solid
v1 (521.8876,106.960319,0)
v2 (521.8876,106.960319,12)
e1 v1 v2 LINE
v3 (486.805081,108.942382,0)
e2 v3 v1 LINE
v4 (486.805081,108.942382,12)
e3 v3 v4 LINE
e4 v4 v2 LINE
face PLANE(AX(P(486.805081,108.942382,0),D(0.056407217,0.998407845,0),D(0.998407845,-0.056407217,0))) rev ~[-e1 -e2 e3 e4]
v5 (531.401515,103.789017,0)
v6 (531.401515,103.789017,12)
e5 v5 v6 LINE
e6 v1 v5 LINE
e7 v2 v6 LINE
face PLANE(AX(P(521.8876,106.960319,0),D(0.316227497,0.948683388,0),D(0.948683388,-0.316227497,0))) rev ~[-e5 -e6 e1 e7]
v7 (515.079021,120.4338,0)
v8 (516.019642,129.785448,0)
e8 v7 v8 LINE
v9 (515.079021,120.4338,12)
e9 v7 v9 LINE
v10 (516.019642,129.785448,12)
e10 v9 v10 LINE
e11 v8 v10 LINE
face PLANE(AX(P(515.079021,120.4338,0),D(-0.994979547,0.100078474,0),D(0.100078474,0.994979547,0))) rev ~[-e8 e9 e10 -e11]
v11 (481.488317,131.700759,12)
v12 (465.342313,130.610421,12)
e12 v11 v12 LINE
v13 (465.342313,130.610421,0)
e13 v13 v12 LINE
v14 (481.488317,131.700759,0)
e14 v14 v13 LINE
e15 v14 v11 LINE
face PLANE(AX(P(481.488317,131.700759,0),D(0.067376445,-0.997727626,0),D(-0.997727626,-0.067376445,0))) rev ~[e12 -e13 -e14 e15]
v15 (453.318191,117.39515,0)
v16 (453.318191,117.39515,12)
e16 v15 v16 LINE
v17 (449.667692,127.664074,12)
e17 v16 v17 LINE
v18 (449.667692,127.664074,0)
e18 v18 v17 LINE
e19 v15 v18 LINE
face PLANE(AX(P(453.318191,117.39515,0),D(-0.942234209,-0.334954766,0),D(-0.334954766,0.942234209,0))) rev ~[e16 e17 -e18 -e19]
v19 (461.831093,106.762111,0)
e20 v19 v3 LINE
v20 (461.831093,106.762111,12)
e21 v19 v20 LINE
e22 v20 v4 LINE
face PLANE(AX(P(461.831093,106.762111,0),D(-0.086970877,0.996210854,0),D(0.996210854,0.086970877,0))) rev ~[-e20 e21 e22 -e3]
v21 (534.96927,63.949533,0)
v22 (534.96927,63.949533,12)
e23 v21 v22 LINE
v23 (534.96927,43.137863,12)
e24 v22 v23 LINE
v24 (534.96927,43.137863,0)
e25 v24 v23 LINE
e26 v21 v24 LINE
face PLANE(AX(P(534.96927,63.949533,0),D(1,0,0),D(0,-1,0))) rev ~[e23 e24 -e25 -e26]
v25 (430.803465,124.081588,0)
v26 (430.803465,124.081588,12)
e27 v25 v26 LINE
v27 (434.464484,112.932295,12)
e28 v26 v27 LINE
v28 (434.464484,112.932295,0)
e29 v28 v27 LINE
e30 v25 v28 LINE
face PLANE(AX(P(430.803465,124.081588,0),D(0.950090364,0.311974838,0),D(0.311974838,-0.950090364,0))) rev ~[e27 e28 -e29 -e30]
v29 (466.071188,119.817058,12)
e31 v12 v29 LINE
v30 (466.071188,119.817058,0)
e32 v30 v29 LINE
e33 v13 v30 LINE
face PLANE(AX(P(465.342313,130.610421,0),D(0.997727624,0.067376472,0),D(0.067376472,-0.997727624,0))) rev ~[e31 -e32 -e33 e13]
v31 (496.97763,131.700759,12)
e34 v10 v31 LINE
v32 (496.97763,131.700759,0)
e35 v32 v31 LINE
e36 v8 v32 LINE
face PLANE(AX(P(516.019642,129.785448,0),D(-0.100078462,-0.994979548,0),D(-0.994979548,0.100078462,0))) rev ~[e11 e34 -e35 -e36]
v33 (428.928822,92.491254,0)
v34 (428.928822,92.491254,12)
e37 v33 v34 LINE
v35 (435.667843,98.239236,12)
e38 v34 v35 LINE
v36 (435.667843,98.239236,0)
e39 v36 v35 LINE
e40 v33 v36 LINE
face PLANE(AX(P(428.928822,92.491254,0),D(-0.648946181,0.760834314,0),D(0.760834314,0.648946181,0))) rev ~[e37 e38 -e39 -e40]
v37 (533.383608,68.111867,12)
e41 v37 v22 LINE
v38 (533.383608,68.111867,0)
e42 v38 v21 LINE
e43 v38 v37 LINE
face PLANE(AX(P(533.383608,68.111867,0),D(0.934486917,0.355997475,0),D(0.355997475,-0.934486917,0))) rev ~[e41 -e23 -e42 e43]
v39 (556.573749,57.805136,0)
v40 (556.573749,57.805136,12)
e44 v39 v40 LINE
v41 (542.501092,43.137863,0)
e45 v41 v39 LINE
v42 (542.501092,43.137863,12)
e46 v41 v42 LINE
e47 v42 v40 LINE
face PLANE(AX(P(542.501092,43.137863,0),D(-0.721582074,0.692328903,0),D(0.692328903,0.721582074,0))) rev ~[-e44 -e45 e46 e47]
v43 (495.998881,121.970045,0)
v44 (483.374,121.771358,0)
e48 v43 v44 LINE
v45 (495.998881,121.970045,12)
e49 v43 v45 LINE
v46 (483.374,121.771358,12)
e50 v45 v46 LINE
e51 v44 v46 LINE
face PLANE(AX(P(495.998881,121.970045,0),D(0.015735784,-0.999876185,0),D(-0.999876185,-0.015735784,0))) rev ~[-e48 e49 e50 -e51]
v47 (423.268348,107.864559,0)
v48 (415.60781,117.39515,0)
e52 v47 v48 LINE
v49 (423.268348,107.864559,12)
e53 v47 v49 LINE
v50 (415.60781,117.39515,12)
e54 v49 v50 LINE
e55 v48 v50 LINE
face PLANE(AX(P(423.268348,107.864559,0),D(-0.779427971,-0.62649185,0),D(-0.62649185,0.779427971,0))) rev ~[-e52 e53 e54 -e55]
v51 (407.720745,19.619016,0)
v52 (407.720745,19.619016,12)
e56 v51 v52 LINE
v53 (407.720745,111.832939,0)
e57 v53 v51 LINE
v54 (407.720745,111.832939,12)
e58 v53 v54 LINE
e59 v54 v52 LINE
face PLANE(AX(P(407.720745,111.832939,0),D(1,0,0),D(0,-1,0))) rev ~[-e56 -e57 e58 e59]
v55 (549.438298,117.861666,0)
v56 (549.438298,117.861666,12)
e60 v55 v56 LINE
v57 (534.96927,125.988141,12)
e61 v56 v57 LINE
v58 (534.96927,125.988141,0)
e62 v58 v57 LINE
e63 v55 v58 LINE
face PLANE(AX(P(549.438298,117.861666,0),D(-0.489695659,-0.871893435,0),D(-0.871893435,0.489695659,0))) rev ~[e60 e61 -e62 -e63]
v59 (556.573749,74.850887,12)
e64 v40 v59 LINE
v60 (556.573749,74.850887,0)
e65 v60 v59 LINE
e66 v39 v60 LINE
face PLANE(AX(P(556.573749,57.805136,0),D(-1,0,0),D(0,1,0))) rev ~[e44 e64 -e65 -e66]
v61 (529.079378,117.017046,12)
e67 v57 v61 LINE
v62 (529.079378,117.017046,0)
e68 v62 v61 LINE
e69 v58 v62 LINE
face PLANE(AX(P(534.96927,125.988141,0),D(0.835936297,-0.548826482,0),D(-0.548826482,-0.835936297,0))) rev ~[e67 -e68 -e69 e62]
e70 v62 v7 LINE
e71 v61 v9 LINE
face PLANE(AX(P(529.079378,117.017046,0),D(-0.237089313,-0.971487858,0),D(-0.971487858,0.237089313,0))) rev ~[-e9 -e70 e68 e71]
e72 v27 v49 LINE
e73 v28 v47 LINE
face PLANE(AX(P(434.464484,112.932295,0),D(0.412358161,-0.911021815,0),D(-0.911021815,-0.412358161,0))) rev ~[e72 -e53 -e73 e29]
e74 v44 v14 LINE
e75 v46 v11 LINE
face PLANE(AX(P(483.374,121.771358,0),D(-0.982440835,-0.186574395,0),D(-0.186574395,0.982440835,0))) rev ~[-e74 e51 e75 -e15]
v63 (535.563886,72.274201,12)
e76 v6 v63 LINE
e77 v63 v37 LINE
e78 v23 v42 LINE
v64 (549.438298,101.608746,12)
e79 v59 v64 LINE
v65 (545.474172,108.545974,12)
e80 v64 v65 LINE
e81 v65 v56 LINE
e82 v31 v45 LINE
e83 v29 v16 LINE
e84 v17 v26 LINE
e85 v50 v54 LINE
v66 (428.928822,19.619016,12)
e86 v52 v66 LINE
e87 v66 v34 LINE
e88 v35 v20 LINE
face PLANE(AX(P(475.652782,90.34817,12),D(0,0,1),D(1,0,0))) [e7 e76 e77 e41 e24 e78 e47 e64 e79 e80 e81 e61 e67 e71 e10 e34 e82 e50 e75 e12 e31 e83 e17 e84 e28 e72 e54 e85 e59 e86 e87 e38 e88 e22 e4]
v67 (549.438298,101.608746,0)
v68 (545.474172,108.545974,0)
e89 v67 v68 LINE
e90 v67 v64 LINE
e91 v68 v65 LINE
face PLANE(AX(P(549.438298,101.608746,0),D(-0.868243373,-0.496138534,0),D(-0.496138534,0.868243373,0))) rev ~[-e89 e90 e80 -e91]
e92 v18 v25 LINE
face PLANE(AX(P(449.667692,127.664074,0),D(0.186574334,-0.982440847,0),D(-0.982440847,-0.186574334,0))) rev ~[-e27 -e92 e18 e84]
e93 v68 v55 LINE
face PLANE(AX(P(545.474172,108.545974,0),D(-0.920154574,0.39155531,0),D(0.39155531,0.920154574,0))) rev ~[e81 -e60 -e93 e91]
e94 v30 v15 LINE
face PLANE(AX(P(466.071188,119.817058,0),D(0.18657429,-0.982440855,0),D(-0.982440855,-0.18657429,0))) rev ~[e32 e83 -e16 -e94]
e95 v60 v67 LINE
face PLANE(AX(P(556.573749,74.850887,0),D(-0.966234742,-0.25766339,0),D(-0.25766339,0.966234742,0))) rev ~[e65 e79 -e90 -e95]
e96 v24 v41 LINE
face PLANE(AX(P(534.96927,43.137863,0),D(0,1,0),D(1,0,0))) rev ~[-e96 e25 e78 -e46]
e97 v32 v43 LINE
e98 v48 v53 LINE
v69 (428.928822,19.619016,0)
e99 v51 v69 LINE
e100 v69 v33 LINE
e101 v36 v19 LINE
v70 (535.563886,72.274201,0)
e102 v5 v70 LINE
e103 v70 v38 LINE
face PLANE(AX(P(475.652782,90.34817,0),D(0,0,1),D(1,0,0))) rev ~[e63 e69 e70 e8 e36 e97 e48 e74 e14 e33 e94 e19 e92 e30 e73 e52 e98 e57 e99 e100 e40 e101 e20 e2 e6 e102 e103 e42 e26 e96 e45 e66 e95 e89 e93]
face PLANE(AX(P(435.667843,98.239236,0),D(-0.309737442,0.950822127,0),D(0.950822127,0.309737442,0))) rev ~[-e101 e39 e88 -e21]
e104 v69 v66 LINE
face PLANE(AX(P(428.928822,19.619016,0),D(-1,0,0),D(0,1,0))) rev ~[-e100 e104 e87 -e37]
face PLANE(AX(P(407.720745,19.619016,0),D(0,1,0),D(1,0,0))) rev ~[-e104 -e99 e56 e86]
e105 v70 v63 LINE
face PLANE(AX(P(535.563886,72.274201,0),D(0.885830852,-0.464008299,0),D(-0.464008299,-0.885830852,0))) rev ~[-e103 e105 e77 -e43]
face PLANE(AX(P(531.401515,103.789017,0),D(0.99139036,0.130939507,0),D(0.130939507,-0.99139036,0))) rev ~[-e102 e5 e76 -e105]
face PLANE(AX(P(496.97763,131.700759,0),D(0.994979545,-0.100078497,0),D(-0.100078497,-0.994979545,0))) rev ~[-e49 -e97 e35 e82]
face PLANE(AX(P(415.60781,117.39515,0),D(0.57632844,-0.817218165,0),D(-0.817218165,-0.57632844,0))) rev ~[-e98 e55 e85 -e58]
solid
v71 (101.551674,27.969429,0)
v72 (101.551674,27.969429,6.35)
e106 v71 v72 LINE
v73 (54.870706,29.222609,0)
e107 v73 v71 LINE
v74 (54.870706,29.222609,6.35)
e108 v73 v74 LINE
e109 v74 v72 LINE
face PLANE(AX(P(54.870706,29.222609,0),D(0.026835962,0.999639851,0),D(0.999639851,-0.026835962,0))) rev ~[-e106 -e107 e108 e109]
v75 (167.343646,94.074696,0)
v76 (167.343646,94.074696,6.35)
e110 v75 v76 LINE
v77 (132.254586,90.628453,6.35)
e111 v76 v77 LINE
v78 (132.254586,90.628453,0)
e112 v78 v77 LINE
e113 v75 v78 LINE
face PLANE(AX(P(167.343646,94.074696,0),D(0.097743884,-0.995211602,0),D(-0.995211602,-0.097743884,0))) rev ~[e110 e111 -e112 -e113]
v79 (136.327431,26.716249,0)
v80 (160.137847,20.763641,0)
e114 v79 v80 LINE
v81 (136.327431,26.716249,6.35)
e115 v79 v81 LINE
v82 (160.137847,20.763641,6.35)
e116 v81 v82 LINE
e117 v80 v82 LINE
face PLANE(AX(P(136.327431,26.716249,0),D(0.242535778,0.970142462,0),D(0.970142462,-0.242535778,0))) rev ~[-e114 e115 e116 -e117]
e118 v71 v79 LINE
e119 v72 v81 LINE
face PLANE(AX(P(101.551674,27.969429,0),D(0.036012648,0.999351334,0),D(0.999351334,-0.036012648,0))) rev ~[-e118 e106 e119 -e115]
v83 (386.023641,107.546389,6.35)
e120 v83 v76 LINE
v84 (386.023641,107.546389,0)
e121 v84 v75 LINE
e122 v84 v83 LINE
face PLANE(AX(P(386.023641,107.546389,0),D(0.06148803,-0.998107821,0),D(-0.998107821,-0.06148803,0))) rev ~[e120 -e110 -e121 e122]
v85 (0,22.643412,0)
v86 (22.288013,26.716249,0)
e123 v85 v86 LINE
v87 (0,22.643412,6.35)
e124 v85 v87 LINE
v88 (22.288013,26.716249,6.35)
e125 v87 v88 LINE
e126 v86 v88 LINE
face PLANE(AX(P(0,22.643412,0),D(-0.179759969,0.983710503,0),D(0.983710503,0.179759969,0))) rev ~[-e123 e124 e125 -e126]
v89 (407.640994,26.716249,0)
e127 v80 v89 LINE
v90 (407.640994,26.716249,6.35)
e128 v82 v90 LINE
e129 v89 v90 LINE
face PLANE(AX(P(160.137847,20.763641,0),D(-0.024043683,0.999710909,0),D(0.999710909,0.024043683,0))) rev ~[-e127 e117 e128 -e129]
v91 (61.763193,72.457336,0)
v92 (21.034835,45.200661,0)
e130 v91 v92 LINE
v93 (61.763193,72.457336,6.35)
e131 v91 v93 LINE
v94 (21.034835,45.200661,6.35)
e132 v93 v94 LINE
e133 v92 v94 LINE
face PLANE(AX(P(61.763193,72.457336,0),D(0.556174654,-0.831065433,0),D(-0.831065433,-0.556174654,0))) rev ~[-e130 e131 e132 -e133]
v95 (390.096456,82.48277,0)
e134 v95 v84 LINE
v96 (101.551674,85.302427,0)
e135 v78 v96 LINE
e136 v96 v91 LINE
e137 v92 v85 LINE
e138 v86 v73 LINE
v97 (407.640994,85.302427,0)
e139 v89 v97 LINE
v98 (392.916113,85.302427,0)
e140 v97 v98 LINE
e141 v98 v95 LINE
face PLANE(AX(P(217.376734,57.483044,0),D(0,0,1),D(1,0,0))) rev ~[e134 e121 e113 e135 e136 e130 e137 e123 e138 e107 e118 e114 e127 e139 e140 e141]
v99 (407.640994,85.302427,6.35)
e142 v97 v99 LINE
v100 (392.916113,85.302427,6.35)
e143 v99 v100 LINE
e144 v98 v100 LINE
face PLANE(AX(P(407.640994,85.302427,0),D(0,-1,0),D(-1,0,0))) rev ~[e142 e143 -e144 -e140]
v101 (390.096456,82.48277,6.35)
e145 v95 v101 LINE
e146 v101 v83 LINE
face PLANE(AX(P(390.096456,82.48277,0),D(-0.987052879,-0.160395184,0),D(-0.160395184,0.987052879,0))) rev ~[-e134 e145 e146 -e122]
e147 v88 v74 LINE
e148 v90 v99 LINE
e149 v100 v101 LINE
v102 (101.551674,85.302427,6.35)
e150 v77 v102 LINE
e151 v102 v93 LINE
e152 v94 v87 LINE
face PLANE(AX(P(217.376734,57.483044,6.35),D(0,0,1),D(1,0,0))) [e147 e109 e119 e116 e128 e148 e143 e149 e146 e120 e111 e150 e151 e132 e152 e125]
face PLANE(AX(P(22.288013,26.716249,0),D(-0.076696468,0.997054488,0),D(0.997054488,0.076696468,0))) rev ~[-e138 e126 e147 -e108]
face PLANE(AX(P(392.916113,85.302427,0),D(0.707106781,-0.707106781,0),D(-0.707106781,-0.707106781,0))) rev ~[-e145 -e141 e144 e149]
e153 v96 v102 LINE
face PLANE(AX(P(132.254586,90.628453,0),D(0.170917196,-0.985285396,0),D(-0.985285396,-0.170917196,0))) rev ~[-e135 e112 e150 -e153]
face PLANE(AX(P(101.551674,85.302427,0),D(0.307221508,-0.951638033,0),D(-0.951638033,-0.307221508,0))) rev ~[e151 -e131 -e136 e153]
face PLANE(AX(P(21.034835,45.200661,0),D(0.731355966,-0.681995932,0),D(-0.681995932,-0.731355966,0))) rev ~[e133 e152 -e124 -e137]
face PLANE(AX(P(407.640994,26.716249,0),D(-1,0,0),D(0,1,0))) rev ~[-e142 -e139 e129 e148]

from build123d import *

# Parameters (mm, degrees)
F1_DEPTH = 6.35
F3_DEPTH = 12


with BuildPart() as f1:
    # F0 (on Top) → F1 (new body)
    with BuildSketch(Plane.XY):
        Polygon((21.034835, 45.200661), (0, 22.643412), (22.288013, 26.716249), (54.870706, 29.222609), (101.551674, 27.969429), (136.327431, 26.716249), (160.137847, 20.763641), (407.640994, 26.716249), (407.640994, 85.302427), (392.916113, 85.302427), (390.096456, 82.48277), (386.023641, 107.546389), (167.343646, 94.074696), (132.254586, 90.628453), (101.551674, 85.302427), (61.763193, 72.457336), align=None)
    extrude(amount=F1_DEPTH)


with BuildPart() as f3:
    # F2 (on Top) → F3 (new body)
    with BuildSketch(Plane.XY):
        Polygon((407.720745, 111.832939), (407.720745, 26.619016), (407.720745, 19.619016), (428.928822, 19.619016), (428.928822, 92.491254), (435.667843, 98.239236), (461.831093, 106.762111), (486.805081, 108.942382), (521.8876, 106.960319), (531.401515, 103.789017), (535.563886, 72.274201), (533.383608, 68.111867), (534.96927, 63.949533), (534.96927, 43.137863), (542.501092, 43.137863), (556.573749, 57.805136), (556.573749, 74.850887), (549.438298, 101.608746), (545.474172, 108.545974), (549.438298, 117.861666), (534.96927, 125.988141), (529.079378, 117.017046), (515.079021, 120.4338), (516.019642, 129.785448), (496.97763, 131.700759), (495.998881, 121.970045), (483.374, 121.771358), (481.488317, 131.700759), (465.342313, 130.610421), (466.071188, 119.817058), (453.318191, 117.39515), (449.667692, 127.664074), (430.803465, 124.081588), (434.464484, 112.932295), (423.268348, 107.864559), (415.60781, 117.39515), align=None)
    extrude(amount=F3_DEPTH)


solid = Compound([f1.part, f3.part])
